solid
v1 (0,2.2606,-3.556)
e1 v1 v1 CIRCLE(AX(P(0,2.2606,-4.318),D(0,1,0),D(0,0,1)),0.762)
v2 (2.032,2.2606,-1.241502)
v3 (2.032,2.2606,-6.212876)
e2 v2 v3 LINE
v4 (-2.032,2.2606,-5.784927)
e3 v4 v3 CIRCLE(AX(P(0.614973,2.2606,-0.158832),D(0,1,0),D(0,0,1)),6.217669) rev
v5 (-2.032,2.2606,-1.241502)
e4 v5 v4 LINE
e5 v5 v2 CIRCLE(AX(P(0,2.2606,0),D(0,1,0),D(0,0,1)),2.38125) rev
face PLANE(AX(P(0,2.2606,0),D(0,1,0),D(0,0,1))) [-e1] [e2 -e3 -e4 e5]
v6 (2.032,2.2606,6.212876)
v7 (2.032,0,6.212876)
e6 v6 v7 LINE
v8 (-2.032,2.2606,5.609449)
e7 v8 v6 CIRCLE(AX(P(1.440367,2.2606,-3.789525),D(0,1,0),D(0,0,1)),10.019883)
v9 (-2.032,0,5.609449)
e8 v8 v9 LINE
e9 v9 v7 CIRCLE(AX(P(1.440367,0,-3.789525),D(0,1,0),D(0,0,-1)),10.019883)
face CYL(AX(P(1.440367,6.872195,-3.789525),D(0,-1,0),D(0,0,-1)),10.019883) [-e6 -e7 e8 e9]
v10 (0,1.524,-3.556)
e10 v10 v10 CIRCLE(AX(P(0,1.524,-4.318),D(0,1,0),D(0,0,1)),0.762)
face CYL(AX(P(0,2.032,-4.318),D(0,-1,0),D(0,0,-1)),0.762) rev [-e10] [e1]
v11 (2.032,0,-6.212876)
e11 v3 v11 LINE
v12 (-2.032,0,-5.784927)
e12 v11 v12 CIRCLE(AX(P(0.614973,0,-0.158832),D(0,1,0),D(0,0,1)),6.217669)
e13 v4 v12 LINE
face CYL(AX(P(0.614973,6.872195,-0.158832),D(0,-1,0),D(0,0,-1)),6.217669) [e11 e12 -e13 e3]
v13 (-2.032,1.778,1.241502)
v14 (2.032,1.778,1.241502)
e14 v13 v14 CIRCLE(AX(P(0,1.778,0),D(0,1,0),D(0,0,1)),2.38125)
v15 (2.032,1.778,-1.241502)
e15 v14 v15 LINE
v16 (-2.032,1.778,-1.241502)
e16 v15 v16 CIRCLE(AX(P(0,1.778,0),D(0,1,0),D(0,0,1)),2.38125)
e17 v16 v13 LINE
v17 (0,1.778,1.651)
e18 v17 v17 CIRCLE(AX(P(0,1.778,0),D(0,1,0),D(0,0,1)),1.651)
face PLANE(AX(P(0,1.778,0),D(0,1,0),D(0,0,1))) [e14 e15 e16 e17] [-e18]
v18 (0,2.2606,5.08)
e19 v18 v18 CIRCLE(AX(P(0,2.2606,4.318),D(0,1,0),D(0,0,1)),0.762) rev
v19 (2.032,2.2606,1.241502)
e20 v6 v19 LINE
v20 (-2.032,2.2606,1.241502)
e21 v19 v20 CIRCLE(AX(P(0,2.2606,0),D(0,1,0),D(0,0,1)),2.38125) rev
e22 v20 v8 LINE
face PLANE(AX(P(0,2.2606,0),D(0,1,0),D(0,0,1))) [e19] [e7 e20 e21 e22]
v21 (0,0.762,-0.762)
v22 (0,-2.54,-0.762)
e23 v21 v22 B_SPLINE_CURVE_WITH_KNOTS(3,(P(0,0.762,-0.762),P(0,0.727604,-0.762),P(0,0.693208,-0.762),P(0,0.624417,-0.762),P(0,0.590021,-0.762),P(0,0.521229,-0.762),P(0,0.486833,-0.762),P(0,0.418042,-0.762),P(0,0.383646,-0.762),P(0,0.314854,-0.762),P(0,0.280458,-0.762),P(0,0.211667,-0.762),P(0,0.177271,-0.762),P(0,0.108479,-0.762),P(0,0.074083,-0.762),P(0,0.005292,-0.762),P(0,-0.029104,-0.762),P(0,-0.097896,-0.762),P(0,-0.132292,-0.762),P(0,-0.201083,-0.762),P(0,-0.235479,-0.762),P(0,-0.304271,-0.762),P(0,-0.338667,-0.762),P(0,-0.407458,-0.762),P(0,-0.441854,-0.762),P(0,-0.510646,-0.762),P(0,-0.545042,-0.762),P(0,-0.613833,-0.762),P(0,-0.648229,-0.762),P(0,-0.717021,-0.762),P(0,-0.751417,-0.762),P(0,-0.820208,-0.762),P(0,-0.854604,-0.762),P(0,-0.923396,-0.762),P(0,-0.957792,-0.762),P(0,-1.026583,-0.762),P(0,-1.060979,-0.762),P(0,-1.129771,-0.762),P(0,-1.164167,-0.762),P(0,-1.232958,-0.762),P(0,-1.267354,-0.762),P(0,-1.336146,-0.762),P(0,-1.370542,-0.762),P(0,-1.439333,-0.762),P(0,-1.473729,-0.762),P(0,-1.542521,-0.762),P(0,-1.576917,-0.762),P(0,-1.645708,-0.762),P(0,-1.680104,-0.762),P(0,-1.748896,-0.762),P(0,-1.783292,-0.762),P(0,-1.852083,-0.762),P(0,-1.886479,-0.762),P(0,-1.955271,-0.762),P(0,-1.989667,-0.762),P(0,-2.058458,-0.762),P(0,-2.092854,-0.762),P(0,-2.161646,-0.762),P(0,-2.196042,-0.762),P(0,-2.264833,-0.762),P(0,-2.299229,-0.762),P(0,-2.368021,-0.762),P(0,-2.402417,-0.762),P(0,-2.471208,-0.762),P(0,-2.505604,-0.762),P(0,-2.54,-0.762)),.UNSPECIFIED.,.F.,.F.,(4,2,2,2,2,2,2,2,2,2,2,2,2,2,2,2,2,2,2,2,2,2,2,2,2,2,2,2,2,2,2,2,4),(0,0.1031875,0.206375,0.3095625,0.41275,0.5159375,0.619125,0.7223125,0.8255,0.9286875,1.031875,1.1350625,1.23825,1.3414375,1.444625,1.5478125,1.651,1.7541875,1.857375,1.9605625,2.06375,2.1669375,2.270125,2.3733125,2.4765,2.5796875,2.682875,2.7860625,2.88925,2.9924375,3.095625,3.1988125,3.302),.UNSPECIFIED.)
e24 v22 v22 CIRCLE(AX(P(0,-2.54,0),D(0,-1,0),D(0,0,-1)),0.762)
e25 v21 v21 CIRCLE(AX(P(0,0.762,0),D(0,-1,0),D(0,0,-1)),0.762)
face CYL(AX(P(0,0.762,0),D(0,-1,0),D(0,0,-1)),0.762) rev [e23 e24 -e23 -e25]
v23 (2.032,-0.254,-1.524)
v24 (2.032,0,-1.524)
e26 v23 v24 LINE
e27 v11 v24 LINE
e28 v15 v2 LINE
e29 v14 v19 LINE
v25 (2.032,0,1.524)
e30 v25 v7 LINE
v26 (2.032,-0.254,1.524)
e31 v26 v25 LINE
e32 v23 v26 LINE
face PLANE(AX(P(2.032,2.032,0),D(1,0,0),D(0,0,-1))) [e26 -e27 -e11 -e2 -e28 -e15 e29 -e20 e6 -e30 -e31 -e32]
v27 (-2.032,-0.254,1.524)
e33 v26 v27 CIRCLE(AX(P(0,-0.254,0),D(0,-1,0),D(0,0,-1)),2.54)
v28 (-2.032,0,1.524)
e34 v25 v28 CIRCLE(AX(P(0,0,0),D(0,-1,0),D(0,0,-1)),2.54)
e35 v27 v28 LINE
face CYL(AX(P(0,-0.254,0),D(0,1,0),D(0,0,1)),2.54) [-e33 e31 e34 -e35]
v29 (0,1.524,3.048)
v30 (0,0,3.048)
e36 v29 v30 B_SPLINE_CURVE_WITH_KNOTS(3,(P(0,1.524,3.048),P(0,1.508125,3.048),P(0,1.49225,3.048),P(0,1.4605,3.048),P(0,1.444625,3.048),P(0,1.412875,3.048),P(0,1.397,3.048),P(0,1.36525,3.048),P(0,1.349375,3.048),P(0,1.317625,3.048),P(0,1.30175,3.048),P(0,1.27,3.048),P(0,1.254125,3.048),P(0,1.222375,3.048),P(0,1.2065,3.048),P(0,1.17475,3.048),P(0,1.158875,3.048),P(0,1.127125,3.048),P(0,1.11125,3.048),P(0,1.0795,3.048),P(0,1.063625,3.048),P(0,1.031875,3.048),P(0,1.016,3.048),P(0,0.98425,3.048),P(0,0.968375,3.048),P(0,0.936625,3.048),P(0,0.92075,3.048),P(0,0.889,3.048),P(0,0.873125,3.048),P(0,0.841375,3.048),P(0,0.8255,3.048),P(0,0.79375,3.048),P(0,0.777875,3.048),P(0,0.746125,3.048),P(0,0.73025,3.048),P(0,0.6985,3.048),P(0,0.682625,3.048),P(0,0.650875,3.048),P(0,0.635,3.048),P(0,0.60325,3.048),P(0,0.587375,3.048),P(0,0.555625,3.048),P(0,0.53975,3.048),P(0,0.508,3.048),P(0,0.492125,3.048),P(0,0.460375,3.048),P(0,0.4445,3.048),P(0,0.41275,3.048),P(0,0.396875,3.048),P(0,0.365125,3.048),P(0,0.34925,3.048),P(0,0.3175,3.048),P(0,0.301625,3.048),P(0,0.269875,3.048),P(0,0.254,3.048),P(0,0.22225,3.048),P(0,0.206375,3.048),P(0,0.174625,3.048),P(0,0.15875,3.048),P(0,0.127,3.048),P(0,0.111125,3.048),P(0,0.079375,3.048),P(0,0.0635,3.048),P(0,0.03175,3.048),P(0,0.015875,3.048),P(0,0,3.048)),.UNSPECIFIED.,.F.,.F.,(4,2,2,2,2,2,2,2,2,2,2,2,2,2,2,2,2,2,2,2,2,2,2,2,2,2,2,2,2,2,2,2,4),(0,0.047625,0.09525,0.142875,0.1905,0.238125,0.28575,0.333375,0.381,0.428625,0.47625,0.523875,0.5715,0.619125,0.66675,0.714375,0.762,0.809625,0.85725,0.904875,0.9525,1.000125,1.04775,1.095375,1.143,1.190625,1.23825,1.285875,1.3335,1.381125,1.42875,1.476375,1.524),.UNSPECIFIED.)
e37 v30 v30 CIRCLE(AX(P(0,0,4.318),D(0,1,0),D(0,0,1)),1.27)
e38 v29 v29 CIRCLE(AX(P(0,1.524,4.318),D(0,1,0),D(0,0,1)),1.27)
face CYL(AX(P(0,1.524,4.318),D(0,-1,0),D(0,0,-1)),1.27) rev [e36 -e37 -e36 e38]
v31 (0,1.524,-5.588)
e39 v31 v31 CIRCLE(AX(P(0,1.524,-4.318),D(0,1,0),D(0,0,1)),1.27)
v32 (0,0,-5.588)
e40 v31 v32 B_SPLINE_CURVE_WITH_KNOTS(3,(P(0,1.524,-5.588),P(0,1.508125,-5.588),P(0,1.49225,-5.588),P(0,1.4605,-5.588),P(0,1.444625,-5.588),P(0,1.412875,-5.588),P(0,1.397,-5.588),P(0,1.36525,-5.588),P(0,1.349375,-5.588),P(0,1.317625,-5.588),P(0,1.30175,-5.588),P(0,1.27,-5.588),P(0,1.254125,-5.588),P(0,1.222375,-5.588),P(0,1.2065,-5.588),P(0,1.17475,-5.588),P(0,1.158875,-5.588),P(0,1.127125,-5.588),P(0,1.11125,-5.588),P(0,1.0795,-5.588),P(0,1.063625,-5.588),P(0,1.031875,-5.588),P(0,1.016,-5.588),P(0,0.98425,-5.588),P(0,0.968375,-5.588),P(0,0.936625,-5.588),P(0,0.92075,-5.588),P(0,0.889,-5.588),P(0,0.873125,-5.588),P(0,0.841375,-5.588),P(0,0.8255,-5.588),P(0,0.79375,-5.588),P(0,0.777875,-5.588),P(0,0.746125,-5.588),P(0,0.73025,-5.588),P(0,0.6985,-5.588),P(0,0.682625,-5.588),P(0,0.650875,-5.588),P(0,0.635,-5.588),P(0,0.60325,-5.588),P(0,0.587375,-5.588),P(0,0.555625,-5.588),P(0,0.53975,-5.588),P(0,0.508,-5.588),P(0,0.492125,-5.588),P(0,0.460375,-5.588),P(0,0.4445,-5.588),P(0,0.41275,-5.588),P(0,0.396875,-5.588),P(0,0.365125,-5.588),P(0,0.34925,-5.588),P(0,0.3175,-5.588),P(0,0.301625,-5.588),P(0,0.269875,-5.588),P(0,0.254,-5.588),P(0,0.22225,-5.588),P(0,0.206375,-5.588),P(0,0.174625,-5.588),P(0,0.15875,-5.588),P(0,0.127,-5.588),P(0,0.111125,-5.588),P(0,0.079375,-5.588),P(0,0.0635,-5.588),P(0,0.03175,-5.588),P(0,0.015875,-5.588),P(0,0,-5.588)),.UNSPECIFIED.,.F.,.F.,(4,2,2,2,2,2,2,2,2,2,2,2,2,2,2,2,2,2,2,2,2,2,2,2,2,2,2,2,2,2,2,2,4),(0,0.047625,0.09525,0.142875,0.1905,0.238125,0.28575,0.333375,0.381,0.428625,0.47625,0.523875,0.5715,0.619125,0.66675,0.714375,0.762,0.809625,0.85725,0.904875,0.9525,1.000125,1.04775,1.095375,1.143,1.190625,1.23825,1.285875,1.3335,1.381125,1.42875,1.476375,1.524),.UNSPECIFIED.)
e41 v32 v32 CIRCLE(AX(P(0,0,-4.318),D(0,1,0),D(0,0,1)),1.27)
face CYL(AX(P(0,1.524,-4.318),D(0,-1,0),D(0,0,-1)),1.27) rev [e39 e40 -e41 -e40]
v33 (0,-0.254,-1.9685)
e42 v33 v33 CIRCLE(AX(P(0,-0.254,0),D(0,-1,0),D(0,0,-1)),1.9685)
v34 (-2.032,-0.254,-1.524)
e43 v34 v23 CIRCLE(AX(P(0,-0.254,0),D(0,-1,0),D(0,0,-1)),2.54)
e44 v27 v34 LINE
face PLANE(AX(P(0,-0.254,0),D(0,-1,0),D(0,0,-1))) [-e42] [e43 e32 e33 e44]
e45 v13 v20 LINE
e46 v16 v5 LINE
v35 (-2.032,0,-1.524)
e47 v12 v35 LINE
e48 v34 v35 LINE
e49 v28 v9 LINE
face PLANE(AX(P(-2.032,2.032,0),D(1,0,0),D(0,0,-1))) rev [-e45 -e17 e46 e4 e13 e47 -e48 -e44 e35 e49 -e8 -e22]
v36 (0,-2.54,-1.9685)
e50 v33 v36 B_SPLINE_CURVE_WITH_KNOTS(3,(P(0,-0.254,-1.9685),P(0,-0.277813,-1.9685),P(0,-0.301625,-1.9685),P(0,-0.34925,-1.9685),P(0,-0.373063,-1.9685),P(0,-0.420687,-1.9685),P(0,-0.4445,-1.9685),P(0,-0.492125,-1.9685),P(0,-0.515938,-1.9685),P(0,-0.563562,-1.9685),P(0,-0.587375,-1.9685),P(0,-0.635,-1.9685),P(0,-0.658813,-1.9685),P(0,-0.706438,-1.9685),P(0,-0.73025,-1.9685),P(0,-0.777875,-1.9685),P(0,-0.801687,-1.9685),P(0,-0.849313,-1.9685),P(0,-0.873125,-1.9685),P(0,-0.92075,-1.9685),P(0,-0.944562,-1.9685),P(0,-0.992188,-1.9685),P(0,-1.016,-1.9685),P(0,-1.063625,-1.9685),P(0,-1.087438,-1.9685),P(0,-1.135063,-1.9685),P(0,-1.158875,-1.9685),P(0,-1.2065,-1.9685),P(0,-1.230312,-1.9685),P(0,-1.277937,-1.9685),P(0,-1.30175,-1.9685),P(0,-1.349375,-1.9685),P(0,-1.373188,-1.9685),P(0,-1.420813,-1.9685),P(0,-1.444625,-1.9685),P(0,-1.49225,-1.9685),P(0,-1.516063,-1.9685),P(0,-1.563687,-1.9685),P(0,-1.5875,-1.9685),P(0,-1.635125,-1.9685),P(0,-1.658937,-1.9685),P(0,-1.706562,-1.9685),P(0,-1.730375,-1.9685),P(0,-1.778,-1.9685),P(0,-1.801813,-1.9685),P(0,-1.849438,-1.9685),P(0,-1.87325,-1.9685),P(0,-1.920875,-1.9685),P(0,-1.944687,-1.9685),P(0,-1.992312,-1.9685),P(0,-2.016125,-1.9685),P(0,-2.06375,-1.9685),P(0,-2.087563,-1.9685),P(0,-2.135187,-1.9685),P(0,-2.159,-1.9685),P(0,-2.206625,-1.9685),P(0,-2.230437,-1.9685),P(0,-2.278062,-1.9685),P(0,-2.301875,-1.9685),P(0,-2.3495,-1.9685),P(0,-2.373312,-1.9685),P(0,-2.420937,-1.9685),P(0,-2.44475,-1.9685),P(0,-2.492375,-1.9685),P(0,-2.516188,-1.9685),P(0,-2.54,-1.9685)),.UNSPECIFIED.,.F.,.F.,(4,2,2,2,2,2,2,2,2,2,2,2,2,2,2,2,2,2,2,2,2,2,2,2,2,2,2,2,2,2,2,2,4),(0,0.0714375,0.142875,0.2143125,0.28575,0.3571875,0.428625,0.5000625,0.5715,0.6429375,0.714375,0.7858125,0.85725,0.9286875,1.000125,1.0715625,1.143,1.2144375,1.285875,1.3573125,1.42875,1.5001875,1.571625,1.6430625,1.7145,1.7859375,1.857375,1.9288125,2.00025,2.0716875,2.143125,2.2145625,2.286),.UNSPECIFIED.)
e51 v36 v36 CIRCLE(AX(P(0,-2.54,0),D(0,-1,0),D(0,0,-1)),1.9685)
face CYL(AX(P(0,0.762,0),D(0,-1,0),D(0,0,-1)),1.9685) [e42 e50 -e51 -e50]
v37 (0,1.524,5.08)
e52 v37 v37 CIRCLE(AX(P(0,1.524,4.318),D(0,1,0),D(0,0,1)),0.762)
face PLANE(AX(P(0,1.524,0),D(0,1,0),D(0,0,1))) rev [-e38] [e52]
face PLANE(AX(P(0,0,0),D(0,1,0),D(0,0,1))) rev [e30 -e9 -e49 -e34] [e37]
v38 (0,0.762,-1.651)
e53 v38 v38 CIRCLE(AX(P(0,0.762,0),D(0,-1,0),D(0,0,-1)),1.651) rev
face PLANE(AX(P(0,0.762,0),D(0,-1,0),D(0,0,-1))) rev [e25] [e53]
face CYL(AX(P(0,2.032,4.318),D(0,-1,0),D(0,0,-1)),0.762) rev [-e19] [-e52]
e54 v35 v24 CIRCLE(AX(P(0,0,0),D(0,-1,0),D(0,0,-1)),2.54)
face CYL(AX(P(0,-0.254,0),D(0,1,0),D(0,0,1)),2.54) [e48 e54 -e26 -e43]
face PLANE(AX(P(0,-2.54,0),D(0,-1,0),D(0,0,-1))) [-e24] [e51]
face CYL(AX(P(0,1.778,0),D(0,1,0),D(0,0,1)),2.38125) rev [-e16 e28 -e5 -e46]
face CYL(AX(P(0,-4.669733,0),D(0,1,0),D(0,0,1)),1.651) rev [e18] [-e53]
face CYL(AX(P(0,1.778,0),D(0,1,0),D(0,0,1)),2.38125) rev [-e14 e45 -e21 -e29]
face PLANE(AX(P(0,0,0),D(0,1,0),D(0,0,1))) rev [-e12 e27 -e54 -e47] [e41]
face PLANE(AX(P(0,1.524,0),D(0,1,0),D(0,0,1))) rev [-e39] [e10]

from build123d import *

# Parameters (mm, degrees)
SKETCH1_R                = 1.524
SKETCH1_R_2              = 1.27
SKETCH1_R_3              = 0.762
BOSS_EXTRUDE1_DEPTH      = 2.032
SKETCH1_3_R              = 1.27
SKETCH1_3_R_2            = 0.762
CUT_EXTRUDE1_DEPTH       = 1.524
SKETCH3_R                = 1.651
CUT_EXTRUDE2_DEPTH       = 0.254
SKETCH3_3_R              = 1.651
CUT_EXTRUDE3_DEPTH       = 2.032
SKETCH4_R                = 1.9685
BOSS_EXTRUDE2_DEPTH      = 0.254
BOSS_EXTRUDE3_DEPTH      = 2.54
BOSS_EXTRUDE3_DEPTH_BACK = 0.762
SKETCH4_3_R              = 1.9685
SKETCH4_3_R_2            = 1.651
SKETCH4_3_R_3            = 0.762
CUT_EXTRUDE4_DEPTH       = 2.032
SKETCH10_R               = 0.762
BOSS_EXTRUDE4_DEPTH      = 0.2286


with BuildPart() as part:
    # Sketch1 → Boss-Extrude1 (new body)
    # profile 1 of 7: a face of its own
    with BuildSketch(Plane(origin=(0, 0, 0), x_dir=(1, 0, 0), z_dir=(0, 1, 0))):
        with BuildLine():
            Line((2.032, -6.212875778), (2.032, -1.24150214))
            ThreePointArc((2.032, -1.24150214), (0, -2.38125), (-2.032, -1.24150214))
            Line((-2.032, -1.24150214), (-2.032, -6.206396707))
            ThreePointArc((-2.032, -6.206396707), (-0.877113637, -6.887720967), (0.461163405, -6.804175651))
            Line((0.461163405, -6.804175651), (2.032, -6.212875778))
        make_face()
        with Locations((0, -4.318)):
            Circle(SKETCH1_R, mode=Mode.SUBTRACT)
    # profile 2 of 7: a face of its own
    with BuildSketch(Plane(origin=(0, 0, 0), x_dir=(1, 0, 0), z_dir=(0, 1, 0))):
        with BuildLine():
            Line((2.032, 1.24150214), (2.032, 6.212875778))
            Line((2.032, 6.212875778), (0.461163405, 6.804175651))
            ThreePointArc((0.461163405, 6.804175651), (-0.877113637, 6.887720967), (-2.032, 6.206396707))
            Line((-2.032, 6.206396707), (-2.032, 1.24150214))
            ThreePointArc((-2.032, 1.24150214), (0, 2.38125), (2.032, 1.24150214))
        make_face()
        with Locations((0, 4.318)):
            Circle(SKETCH1_R, mode=Mode.SUBTRACT)
    # profile 3 of 7: a face of its own
    with BuildSketch(Plane(origin=(0, 0, 0), x_dir=(1, 0, 0), z_dir=(0, 1, 0))):
        with BuildLine():
            Line((2.032, -1.24150214), (2.032, 1.24150214))
            ThreePointArc((2.032, 1.24150214), (0, 2.38125), (-2.032, 1.24150214))
            Line((-2.032, 1.24150214), (-2.032, -1.24150214))
            ThreePointArc((-2.032, -1.24150214), (0, -2.38125), (2.032, -1.24150214))
        make_face()
    # profile 4 of 7: a face of its own
    with BuildSketch(Plane(origin=(0, 0, 0), x_dir=(1, 0, 0), z_dir=(0, 1, 0))):
        with Locations((0, -4.318)):
            Circle(SKETCH1_R)
        with Locations((0, -4.318)):
            Circle(SKETCH1_R_2, mode=Mode.SUBTRACT)
    # profile 5 of 7: a face of its own
    with BuildSketch(Plane(origin=(0, 0, 0), x_dir=(1, 0, 0), z_dir=(0, 1, 0))):
        with Locations((0, -4.318)):
            Circle(SKETCH1_R_2)
        with Locations(Location((0, -4.318, 0), (0, 0, 270))):
            Circle(SKETCH1_R_3, mode=Mode.SUBTRACT)
    # profile 6 of 7: a face of its own
    with BuildSketch(Plane(origin=(0, 0, 0), x_dir=(1, 0, 0), z_dir=(0, 1, 0))):
        with Locations((0, 4.318)):
            Circle(SKETCH1_R)
        with Locations((0, 4.318)):
            Circle(SKETCH1_R_2, mode=Mode.SUBTRACT)
    # profile 7 of 7: a face of its own
    with BuildSketch(Plane(origin=(0, 0, 0), x_dir=(1, 0, 0), z_dir=(0, 1, 0))):
        with Locations((0, 4.318)):
            Circle(SKETCH1_R_2)
        with Locations(Location((0, 4.318, 0), (0, 0, 270))):
            Circle(SKETCH1_R_3, mode=Mode.SUBTRACT)
    extrude(amount=BOSS_EXTRUDE1_DEPTH)

    # Sketch1<3> → Cut-Extrude1 (cut)
    # profile 1 of 2: a face of its own
    with BuildSketch(Plane(origin=(0, 0, 0), x_dir=(1, 0, 0), z_dir=(0, 1, 0))):
        with Locations(Location((0, -4.318, 0), (0, 0, 90))):
            Circle(SKETCH1_3_R)
        with Locations(Location((0, -4.318, 0), (0, 0, 270))):
            Circle(SKETCH1_3_R_2, mode=Mode.SUBTRACT)
    # profile 2 of 2: a face of its own
    with BuildSketch(Plane(origin=(0, 0, 0), x_dir=(1, 0, 0), z_dir=(0, 1, 0))):
        with Locations(Location((0, 4.318, 0), (0, 0, 90))):
            Circle(SKETCH1_3_R)
        with Locations(Location((0, 4.318, 0), (0, 0, 270))):
            Circle(SKETCH1_3_R_2, mode=Mode.SUBTRACT)
    extrude(amount=CUT_EXTRUDE1_DEPTH, mode=Mode.SUBTRACT)

    # Sketch3 → Cut-Extrude2 (cut)
    # profile 1 of 2: a face of its own
    with BuildSketch(Plane(origin=(0, 2.032, 0), x_dir=(1, 0, 0), z_dir=(0, 1, 0))):
        with BuildLine():
            Line((2.032, -1.24150214), (2.032, 1.24150214))
            ThreePointArc((2.032, 1.24150214), (0, 2.38125), (-2.032, 1.24150214))
            Line((-2.032, 1.24150214), (-2.032, -1.24150214))
            ThreePointArc((-2.032, -1.24150214), (0, -2.38125), (2.032, -1.24150214))
        make_face()
        Circle(SKETCH3_R, mode=Mode.SUBTRACT)
    # profile 2 of 2: a face of its own
    with BuildSketch(Plane(origin=(0, 2.032, 0), x_dir=(1, 0, 0), z_dir=(0, 1, 0))):
        Circle(SKETCH3_R)
    extrude(amount=-CUT_EXTRUDE2_DEPTH, mode=Mode.SUBTRACT)

    # Sketch3<3> → Cut-Extrude3 (cut)
    with BuildSketch(Plane(origin=(0, 2.032, 0), x_dir=(1, 0, 0), z_dir=(0, 1, 0))):
        with Locations(Location((0, 0, 0), (0, 0, 270))):
            Circle(SKETCH3_3_R)
    extrude(amount=-CUT_EXTRUDE3_DEPTH, mode=Mode.SUBTRACT)

    # Sketch4 → Boss-Extrude2 (add)
    with BuildSketch(Plane.XZ):
        with BuildLine():
            Line((2.032, -1.524), (2.032, 1.524))
            ThreePointArc((2.032, 1.524), (0, 2.54), (-2.032, 1.524))
            Line((-2.032, 1.524), (-2.032, -1.524))
            ThreePointArc((-2.032, -1.524), (0, -2.54), (2.032, -1.524))
        make_face()
        with Locations(Location((0, 0, 0), (0, 0, 270))):
            Circle(SKETCH4_R, mode=Mode.SUBTRACT)
    extrude(amount=BOSS_EXTRUDE2_DEPTH)

    # Sketch4<3> → Boss-Extrude3 (add, two sides: drawn at the far end of the back side and taken through both)
    # profile 1 of 2: a face of its own
    with BuildSketch(Plane.XZ.offset(-BOSS_EXTRUDE3_DEPTH_BACK)):
        with Locations(Location((0, 0, 0), (0, 0, 270))):
            Circle(SKETCH4_3_R)
        with Locations(Location((0, 0, 0), (0, 0, 90))):
            Circle(SKETCH4_3_R_2, mode=Mode.SUBTRACT)
    # profile 2 of 2: a face of its own
    with BuildSketch(Plane.XZ.offset(-BOSS_EXTRUDE3_DEPTH_BACK)):
        with Locations(Location((0, 0, 0), (0, 0, 90))):
            Circle(SKETCH4_3_R_2)
        with Locations(Location((0, 0, 0), (0, 0, 270))):
            Circle(SKETCH4_3_R_3, mode=Mode.SUBTRACT)
    extrude(amount=BOSS_EXTRUDE3_DEPTH + BOSS_EXTRUDE3_DEPTH_BACK)

    # Sketch6 → Cut-Extrude4 (cut)
    with BuildSketch(Plane.XZ):
        with BuildLine():
            Line((-2.032, 5.609449291), (-2.032, 6.206396707))
            ThreePointArc((-2.032, 6.206396707), (-0.003234375, 8.238399289), (2.032, 6.212875778))
            ThreePointArc((2.032, 6.212875778), (-0.031260659, 6.121699066), (-2.032, 5.609449291))
        make_face()
        with BuildLine():
            Line((-2.032, -5.784926759), (-2.032, -6.206396707))
            ThreePointArc((-2.032, -6.206396707), (-0.001969351, -7.444912354), (2.032, -6.212875778))
            ThreePointArc((2.032, -6.212875778), (-0.036162052, -6.342312682), (-2.032, -5.784926759))
        make_face()
    extrude(amount=-CUT_EXTRUDE4_DEPTH, mode=Mode.SUBTRACT)

    # Sketch10 → Boss-Extrude4 (add)
    # profile 1 of 2: a face of its own
    with BuildSketch(Plane(origin=(0, 2.032, 0), x_dir=(1, 0, 0), z_dir=(0, 1, 0))):
        with BuildLine():
            Line((-2.032, -1.24150214), (-2.032, -5.609449291))
            ThreePointArc((-2.032, -5.609449291), (-0.031260659, -6.121699066), (2.032, -6.212875778))
            Line((2.032, -6.212875778), (2.032, -1.24150214))
            ThreePointArc((2.032, -1.24150214), (0, -2.38125), (-2.032, -1.24150214))
        make_face()
        with Locations((0, -4.318)):
            Circle(SKETCH10_R, mode=Mode.SUBTRACT)
    # profile 2 of 2: a face of its own
    with BuildSketch(Plane(origin=(0, 2.032, 0), x_dir=(1, 0, 0), z_dir=(0, 1, 0))):
        with BuildLine():
            Line((-2.032, 5.784926759), (-2.032, 1.24150214))
            ThreePointArc((-2.032, 1.24150214), (0, 2.38125), (2.032, 1.24150214))
            Line((2.032, 1.24150214), (2.032, 6.212875778))
            ThreePointArc((2.032, 6.212875778), (-0.036162052, 6.342312682), (-2.032, 5.784926759))
        make_face()
        with Locations((0, 4.318)):
            Circle(SKETCH10_R, mode=Mode.SUBTRACT)
    extrude(amount=BOSS_EXTRUDE4_DEPTH)


solid = part.part
